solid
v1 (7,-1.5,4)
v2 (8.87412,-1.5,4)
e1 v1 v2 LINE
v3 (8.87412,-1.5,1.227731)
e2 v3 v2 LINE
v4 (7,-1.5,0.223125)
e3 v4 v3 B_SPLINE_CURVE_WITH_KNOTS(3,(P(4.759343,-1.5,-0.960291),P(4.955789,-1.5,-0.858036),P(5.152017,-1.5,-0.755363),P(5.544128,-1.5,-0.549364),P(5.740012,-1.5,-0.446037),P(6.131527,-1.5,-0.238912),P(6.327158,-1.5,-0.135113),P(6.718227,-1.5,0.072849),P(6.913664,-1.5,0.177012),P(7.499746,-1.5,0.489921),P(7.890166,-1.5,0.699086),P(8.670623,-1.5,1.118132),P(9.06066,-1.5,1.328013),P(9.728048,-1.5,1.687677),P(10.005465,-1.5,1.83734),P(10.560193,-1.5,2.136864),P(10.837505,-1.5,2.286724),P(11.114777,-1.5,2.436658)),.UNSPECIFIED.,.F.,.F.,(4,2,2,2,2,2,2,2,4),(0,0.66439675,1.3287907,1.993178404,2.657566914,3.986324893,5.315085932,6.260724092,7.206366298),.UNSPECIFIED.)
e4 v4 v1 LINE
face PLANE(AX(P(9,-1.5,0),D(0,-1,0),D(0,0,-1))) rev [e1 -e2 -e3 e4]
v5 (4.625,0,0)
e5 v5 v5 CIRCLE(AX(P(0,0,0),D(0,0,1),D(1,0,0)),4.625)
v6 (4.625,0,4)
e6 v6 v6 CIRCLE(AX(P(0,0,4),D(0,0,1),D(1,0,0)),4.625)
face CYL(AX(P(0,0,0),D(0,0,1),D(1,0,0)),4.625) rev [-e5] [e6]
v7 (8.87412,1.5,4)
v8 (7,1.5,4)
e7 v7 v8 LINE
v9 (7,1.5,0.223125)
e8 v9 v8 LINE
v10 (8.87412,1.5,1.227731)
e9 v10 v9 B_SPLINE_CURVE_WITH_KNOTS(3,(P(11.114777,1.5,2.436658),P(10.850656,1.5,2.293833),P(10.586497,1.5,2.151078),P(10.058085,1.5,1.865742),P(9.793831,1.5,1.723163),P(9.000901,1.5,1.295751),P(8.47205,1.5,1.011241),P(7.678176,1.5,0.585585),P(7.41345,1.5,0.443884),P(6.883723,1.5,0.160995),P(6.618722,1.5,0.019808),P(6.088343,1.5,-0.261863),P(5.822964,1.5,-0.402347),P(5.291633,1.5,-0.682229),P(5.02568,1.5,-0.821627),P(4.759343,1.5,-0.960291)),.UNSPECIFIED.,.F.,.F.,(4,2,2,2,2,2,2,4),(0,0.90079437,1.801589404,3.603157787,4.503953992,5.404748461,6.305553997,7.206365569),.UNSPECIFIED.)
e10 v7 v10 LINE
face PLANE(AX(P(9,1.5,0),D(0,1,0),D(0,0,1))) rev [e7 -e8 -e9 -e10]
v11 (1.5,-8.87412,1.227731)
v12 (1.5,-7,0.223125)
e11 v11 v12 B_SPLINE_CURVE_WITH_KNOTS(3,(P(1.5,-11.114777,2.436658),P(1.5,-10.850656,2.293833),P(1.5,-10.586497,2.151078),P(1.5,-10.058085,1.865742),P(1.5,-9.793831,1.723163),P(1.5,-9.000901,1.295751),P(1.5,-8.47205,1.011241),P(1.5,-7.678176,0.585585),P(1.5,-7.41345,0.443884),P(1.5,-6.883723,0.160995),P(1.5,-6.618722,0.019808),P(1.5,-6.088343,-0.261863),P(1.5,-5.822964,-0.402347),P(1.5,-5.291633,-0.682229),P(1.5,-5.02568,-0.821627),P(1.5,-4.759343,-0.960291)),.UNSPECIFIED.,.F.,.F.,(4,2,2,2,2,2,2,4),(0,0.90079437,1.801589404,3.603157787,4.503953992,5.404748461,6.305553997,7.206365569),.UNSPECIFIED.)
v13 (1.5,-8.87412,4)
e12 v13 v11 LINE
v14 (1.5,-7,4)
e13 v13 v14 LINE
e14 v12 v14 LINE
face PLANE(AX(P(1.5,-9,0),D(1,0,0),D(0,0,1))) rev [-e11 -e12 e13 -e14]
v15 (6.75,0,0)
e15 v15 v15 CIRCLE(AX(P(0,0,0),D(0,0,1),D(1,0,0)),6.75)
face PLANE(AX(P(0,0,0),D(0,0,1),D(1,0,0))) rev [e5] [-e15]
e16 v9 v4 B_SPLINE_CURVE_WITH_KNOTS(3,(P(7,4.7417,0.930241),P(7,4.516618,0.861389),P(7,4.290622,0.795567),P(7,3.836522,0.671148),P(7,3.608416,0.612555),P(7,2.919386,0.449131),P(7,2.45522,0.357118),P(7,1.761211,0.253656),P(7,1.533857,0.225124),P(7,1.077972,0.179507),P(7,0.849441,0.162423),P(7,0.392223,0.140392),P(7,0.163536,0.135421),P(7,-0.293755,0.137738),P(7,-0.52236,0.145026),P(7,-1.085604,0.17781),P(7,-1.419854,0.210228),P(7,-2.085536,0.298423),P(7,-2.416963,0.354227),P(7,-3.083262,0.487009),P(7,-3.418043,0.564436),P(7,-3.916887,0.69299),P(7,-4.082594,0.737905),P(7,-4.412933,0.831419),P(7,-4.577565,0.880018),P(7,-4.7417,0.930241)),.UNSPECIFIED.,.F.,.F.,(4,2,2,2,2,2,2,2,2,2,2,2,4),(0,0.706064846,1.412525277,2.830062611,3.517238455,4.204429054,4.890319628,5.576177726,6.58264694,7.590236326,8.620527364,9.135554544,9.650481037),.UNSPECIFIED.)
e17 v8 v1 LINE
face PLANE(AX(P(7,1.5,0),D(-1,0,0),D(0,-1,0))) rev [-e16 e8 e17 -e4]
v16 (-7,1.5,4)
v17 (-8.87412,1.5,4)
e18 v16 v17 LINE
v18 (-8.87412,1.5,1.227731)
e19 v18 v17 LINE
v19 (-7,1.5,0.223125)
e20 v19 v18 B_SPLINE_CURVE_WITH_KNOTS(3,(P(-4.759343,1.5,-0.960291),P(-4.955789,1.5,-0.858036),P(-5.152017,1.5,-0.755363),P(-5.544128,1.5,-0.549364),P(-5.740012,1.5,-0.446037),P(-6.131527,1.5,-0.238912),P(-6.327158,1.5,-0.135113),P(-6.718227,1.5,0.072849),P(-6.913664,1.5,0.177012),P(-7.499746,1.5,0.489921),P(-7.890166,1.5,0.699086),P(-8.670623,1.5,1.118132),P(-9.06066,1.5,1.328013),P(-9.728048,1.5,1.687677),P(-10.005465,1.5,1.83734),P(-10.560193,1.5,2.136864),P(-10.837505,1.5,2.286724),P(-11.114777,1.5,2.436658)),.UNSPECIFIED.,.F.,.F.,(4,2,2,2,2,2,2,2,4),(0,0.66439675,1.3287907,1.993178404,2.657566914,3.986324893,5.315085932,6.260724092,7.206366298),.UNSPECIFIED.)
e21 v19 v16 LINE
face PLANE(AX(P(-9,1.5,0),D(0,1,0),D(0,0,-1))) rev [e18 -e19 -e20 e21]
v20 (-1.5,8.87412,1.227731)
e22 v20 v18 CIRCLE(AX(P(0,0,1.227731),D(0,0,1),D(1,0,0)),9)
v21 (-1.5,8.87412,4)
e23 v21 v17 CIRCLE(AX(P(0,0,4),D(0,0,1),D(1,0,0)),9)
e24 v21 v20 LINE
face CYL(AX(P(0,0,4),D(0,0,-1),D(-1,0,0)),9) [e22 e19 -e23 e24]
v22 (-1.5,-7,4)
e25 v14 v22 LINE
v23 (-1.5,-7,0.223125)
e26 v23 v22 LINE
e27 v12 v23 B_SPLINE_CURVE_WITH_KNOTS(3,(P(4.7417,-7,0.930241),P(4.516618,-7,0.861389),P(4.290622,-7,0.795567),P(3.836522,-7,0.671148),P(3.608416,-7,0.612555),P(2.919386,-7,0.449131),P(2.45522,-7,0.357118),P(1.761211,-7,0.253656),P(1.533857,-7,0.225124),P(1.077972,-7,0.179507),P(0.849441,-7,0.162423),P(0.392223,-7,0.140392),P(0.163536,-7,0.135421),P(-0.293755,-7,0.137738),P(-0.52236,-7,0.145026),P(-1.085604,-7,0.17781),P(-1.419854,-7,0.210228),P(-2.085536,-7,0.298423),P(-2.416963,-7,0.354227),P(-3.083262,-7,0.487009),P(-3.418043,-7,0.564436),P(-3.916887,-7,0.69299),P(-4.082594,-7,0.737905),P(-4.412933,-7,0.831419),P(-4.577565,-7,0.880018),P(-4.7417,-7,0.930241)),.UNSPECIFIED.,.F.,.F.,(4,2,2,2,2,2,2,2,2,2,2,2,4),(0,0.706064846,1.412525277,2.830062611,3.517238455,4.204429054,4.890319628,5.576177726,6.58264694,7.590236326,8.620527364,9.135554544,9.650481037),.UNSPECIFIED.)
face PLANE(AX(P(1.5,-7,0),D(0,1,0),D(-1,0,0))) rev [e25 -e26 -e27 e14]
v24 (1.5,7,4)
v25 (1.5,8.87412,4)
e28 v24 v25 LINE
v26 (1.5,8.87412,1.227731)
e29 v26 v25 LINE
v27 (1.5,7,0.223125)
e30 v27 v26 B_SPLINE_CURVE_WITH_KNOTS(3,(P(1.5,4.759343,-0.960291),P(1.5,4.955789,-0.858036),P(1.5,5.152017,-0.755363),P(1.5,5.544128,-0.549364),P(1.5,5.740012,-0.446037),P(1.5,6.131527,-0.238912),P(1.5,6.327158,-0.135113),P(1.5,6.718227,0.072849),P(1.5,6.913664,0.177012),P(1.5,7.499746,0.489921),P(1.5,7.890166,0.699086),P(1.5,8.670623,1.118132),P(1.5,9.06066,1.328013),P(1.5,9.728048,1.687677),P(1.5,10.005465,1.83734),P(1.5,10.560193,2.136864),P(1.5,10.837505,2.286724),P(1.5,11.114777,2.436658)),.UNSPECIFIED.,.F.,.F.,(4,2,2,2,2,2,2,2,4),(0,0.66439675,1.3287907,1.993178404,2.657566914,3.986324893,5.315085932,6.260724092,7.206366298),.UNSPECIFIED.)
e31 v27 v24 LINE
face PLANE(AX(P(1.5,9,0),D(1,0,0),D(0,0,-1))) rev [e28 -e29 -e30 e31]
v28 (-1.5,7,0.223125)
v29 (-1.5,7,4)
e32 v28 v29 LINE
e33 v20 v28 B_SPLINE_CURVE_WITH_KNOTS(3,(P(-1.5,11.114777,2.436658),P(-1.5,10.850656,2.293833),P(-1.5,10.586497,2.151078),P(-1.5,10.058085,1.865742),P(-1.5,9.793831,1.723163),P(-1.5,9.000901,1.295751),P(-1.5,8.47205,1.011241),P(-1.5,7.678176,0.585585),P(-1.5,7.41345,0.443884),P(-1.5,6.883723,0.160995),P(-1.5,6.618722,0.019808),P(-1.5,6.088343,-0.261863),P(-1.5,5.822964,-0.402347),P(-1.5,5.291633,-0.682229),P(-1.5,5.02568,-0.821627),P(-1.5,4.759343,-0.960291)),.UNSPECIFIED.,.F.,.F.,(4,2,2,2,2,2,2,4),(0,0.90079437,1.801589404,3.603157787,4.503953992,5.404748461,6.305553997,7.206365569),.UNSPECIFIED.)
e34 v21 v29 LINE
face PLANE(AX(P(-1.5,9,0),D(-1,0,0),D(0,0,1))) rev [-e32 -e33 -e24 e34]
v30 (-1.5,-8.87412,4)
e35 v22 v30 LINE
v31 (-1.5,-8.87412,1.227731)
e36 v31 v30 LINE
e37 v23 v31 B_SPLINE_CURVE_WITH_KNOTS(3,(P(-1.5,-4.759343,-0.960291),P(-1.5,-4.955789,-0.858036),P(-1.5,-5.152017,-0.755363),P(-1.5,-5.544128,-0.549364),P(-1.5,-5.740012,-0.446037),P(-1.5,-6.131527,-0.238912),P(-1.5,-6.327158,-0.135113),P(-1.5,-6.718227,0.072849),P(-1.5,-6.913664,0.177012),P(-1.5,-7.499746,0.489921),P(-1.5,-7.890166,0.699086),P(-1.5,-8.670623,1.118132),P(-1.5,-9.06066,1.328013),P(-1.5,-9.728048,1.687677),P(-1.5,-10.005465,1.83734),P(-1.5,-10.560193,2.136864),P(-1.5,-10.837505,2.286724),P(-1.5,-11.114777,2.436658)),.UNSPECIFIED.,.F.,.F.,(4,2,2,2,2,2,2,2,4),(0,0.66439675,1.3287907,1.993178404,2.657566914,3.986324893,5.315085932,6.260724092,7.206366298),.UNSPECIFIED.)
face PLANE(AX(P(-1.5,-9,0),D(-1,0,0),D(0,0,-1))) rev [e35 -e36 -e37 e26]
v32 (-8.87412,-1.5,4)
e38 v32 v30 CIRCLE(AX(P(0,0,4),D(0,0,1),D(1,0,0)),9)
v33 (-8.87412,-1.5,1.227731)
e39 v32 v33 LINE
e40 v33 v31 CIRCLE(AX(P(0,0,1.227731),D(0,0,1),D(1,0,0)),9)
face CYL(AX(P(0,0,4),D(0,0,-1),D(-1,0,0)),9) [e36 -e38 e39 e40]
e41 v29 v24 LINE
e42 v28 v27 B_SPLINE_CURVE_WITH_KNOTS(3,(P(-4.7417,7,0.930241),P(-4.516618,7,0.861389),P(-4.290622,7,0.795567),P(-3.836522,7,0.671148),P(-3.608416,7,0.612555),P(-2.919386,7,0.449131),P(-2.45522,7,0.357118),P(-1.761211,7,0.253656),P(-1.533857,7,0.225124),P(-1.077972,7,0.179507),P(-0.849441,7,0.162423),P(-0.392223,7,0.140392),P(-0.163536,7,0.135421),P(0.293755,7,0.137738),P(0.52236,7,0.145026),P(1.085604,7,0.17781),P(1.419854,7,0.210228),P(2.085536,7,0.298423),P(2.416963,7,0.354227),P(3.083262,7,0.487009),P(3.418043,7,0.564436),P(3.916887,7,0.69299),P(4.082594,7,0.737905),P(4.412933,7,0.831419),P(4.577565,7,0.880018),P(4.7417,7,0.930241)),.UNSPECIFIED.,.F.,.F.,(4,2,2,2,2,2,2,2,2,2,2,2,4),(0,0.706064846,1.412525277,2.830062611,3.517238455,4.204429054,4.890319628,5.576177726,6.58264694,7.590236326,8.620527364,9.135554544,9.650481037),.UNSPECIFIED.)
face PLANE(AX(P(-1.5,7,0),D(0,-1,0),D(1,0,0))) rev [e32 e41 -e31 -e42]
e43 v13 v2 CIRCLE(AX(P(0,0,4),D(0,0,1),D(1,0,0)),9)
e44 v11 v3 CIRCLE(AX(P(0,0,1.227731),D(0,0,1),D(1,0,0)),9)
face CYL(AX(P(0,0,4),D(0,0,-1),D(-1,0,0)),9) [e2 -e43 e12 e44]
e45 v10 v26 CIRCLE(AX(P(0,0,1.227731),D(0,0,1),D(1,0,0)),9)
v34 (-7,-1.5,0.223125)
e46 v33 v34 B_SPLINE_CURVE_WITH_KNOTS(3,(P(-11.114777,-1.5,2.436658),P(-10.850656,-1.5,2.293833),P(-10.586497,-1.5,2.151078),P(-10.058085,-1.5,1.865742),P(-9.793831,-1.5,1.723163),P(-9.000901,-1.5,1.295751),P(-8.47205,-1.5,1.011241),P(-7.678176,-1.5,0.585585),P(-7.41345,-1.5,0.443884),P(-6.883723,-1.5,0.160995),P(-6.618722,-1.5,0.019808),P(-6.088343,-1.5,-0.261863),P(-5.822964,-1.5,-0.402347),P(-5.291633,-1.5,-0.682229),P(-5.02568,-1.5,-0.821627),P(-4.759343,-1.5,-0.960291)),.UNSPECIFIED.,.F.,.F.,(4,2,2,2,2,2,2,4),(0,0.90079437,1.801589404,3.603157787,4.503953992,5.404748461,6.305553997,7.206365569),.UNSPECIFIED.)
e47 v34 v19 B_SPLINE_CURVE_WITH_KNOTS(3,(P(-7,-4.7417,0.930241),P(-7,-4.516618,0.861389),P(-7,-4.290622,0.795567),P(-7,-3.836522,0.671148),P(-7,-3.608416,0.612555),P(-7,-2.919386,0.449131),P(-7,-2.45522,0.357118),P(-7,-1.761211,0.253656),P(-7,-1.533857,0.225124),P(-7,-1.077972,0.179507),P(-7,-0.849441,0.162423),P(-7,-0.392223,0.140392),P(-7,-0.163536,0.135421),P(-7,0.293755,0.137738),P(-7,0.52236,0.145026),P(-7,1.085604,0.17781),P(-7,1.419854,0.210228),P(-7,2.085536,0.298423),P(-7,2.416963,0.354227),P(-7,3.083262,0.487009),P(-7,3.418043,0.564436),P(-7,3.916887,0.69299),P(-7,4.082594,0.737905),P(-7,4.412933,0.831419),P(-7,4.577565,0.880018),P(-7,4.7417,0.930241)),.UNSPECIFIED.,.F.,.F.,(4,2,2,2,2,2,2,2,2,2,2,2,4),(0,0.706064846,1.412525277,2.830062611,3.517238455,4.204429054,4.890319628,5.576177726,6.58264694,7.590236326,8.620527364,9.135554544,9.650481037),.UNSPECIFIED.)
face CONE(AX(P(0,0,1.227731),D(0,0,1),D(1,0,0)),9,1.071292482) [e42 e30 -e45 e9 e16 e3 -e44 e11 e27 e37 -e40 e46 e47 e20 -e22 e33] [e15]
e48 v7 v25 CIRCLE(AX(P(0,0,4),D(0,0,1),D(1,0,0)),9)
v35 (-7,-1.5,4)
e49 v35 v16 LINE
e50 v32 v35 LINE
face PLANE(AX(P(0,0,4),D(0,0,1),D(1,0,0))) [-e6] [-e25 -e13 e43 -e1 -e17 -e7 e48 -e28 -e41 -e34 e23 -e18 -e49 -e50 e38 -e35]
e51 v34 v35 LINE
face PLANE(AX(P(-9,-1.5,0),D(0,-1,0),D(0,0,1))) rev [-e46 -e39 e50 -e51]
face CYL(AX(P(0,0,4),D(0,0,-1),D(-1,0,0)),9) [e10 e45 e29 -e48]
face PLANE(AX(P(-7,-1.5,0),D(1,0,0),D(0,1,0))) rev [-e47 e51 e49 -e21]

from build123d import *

# Parameters (mm, degrees)
SKETCH1_R              = 9
BOSS_EXTRUDE1_DEPTH    = 4
SKETCH3_W              = 3
SKETCH3_H              = 2
CUT_EXTRUDE1_DEPTH     = 14.341664064
CIRPATTERN1_COUNT      = 4
M10X1_0_TAPPED_HOLE1_D = 9
SKETCH4_R              = 4.625
CUT_EXTRUDE2_DEPTH     = 14.171939872


with BuildPart() as part:
    # Sketch1 → Boss-Extrude1 (new body)
    with BuildSketch(Plane.XY):
        Circle(SKETCH1_R)
    extrude(amount=BOSS_EXTRUDE1_DEPTH)

    # Sketch3 → Cut-Extrude1 (cut, through all)
    with BuildSketch(Plane.XY.offset(4)):
        with Locations((0, 8)):
            Rectangle(SKETCH3_W, SKETCH3_H)
    cut_extrude1 = extrude(amount=-CUT_EXTRUDE1_DEPTH, mode=Mode.SUBTRACT)

    # CirPattern1: Cut-Extrude1 ×4 about axis
    cirpattern1_axis = Axis((0, 0, 0), (0, 0, 1))
    for i in range(1, CIRPATTERN1_COUNT):
        add(cut_extrude1.rotate(cirpattern1_axis, i * 360 / CIRPATTERN1_COUNT), mode=Mode.SUBTRACT)

    # Sketch2 → Cut-Revolve1 (revolve, cut)
    with BuildSketch(Plane(origin=(0, 0, 0), x_dir=(0, 0, -1), z_dir=(1, 0, 0)), mode=Mode.PRIVATE) as cut_revolve1_sk:
        Polygon((-1.227731474, 9), (0, 6.75), (0, 9), align=None)
    revolve(cut_revolve1_sk.sketch.rotate(Axis((0, 0, 4.2), (0, 0, -1)), 90), axis=Axis((0, 0, 4.2), (0, 0, -1)), mode=Mode.SUBTRACT)

    # M10x1.0 Tapped Hole1 (through all)
    with Locations(Plane.XY.offset(4)):
        with Locations((0, 0)):
            Hole(M10X1_0_TAPPED_HOLE1_D / 2)

    # Sketch4 → Cut-Extrude2 (cut, through all)
    with BuildSketch(Plane.XY.offset(4)):
        Circle(SKETCH4_R)
    extrude(amount=-CUT_EXTRUDE2_DEPTH, mode=Mode.SUBTRACT)


solid = part.part
